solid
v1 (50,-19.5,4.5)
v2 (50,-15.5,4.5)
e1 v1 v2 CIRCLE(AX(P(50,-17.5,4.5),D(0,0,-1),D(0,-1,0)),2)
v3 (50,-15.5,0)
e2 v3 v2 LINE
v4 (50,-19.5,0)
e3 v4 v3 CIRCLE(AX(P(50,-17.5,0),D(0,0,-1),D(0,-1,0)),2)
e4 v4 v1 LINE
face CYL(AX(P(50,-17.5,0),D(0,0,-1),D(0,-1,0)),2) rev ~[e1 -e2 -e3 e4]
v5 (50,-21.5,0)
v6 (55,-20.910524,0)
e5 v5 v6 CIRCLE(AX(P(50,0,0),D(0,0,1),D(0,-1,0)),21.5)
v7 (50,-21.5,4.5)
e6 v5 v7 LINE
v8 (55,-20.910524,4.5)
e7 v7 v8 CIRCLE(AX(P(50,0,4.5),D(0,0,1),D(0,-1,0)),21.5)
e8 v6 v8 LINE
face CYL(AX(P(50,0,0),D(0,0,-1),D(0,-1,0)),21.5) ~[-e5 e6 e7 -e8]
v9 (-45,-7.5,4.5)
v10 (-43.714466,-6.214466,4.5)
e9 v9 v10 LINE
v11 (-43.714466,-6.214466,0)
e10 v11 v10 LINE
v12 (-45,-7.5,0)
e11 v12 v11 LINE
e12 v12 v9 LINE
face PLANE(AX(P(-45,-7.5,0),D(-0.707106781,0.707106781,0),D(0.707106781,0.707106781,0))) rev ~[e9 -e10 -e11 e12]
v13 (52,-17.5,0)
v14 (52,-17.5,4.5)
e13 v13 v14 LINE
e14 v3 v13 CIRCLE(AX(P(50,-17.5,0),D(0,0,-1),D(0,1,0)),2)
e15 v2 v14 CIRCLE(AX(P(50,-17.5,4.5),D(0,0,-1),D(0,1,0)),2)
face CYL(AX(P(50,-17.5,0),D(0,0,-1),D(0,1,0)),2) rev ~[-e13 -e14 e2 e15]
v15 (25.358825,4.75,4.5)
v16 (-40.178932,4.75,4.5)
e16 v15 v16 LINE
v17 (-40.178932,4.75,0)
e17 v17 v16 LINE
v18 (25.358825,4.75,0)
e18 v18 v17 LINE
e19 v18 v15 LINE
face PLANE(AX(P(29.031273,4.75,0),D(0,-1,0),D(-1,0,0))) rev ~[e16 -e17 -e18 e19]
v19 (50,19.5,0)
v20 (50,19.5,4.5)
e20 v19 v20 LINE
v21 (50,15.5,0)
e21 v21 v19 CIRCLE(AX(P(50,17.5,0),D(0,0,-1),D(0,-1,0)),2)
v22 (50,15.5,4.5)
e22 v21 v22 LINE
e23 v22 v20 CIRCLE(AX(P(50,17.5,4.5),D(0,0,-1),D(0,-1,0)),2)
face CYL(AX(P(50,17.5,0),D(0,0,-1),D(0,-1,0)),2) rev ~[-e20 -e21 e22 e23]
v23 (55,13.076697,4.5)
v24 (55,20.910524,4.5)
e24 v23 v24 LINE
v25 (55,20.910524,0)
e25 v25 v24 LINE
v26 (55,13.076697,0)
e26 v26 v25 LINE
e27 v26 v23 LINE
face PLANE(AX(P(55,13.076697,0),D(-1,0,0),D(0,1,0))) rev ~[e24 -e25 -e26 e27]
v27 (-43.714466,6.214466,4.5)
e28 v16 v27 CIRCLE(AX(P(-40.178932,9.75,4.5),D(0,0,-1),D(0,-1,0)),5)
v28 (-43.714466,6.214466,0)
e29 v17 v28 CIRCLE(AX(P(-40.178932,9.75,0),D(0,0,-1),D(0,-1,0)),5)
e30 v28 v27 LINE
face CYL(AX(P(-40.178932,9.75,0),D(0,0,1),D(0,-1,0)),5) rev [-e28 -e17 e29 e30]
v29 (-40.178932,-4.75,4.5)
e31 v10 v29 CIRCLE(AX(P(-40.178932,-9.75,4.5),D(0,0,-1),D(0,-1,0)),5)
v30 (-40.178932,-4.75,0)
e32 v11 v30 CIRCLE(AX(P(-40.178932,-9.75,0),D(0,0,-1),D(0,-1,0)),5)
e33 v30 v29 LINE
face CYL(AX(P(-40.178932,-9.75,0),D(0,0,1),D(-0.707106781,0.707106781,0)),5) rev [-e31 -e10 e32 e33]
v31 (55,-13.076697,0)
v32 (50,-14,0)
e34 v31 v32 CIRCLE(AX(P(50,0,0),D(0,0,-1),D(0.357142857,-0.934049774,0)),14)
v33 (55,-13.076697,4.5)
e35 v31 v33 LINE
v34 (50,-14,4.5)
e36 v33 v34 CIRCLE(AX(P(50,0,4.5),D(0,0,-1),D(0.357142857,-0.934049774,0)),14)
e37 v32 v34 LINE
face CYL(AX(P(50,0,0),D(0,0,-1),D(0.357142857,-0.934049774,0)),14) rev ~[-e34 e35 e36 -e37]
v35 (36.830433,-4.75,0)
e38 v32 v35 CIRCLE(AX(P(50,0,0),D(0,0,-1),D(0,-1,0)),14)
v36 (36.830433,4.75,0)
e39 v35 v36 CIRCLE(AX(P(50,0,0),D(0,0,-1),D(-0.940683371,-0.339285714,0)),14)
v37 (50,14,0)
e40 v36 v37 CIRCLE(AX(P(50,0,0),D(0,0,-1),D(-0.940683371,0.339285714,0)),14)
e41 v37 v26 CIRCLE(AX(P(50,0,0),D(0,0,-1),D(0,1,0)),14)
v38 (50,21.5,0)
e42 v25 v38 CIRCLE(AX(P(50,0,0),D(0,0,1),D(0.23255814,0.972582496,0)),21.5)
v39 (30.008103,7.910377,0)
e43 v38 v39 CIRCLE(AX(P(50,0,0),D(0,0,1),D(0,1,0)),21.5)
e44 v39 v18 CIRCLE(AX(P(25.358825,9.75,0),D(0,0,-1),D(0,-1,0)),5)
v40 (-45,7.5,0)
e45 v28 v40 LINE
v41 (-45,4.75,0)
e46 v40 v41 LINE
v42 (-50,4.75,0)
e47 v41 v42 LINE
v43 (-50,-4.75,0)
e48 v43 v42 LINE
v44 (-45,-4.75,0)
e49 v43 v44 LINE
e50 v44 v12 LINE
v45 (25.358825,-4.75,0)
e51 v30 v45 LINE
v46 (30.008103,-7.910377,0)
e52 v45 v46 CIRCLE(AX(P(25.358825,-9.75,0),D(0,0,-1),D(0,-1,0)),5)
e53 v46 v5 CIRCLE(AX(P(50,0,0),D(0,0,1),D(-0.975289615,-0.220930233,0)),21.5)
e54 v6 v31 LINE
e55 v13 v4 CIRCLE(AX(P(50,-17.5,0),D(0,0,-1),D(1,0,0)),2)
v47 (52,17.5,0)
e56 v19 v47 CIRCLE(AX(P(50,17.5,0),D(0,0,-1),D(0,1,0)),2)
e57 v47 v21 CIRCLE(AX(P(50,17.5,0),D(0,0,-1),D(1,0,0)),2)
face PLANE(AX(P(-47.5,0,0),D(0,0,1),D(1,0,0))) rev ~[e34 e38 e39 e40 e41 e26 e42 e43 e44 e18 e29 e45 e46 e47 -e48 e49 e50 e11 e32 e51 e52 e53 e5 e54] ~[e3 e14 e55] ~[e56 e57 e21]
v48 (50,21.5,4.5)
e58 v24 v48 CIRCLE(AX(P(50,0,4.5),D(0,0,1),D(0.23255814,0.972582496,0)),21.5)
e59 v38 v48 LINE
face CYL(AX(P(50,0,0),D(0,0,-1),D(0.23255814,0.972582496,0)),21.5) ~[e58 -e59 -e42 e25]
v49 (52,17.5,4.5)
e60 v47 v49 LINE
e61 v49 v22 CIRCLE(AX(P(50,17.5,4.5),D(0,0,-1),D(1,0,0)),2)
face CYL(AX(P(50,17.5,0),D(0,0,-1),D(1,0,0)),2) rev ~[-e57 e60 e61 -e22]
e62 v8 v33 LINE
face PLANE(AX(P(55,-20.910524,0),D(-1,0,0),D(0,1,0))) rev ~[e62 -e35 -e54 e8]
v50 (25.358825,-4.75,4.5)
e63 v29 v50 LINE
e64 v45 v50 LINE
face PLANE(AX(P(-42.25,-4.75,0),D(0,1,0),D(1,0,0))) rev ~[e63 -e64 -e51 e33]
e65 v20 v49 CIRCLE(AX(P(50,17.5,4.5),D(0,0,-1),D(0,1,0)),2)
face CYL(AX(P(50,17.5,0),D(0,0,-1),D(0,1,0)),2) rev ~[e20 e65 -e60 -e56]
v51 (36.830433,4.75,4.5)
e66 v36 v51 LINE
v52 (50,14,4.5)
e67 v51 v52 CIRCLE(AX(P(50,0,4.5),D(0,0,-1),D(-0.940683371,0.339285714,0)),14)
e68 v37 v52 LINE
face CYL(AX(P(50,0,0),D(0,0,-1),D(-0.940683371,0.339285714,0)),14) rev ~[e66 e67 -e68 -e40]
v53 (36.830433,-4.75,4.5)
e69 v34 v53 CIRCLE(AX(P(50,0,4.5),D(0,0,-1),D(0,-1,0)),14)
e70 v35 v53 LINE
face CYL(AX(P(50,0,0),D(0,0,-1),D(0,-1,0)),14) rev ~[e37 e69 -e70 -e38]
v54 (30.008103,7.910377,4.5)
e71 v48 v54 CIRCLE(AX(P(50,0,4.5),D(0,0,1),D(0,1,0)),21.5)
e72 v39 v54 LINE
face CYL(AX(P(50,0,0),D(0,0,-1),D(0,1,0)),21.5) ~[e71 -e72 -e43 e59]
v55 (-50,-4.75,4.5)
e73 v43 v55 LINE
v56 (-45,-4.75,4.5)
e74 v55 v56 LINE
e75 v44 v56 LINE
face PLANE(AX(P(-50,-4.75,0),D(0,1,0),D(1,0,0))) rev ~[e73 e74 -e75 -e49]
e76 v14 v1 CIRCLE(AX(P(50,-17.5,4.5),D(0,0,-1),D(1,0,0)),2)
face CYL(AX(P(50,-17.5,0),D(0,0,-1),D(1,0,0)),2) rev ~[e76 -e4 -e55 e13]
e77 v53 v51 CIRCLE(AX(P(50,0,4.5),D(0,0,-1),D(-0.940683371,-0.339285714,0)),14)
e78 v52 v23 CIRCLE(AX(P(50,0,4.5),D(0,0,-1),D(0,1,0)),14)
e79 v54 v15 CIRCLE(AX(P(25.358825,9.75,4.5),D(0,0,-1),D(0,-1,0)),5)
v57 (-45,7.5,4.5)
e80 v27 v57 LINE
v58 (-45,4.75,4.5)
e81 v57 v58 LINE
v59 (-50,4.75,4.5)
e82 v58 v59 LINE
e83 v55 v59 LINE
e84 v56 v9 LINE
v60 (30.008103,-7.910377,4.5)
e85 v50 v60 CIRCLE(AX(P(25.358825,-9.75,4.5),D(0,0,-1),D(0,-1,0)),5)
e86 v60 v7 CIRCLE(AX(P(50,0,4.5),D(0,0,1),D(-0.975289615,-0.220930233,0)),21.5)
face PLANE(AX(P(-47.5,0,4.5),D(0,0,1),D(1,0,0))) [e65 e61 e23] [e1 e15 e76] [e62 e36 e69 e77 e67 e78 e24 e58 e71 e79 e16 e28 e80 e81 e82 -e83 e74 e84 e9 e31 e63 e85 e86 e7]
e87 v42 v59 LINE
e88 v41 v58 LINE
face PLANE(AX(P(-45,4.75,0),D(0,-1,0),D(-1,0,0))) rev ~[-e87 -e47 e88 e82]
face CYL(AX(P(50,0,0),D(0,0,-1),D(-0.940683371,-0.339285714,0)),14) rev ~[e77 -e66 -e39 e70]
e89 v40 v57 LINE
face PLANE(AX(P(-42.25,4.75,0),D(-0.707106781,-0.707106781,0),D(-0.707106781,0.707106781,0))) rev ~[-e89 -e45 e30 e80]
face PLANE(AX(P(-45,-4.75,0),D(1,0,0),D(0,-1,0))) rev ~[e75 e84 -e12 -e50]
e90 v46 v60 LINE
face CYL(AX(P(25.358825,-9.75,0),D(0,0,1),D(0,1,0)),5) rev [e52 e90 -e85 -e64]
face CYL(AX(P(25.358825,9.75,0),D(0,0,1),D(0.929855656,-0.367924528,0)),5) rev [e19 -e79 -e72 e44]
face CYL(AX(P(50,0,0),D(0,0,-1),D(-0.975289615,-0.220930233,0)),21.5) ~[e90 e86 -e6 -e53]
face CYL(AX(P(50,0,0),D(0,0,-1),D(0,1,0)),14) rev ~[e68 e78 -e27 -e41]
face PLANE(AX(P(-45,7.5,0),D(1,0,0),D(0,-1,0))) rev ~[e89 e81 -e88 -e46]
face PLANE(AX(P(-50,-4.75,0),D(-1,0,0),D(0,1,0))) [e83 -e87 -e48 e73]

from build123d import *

# Parameters (mm, degrees)
F0_W     = 5
F0_H     = 9.5
F1_DEPTH = 4.5
F2_R     = 5


with BuildPart() as f1:
    # F0 (on Top) → F1 (new body)
    with BuildSketch(Plane.XY):
        with Locations((-47.5, 0)):
            Rectangle(F0_W, F0_H)
        with BuildLine():
            Line((36.8304328089, 4.75), (29.0312732862, 4.75))
            ThreePointArc((29.0312732862, 4.75), (28.5, 0), (29.0312732862, -4.75))
            Line((29.0312732862, -4.75), (36.8304328089, -4.75))
            ThreePointArc((36.8304328089, -4.75), (36, 0), (36.8304328089, 4.75))
        make_face()
        with BuildLine():
            ThreePointArc((50, 21.5), (36.5812630997, 16.7984374273), (29.0312732862, 4.75))
            Line((29.0312732862, 4.75), (36.8304328089, 4.75))
            ThreePointArc((36.8304328089, 4.75), (41.9532615303, 11.4564392374), (50, 14))
            Line((50, 14), (50, 15.5))
            ThreePointArc((50, 15.5), (48, 17.5), (50, 19.5))
            Line((50, 19.5), (50, 21.5))
        make_face()
        with BuildLine():
            Line((36.8304328089, -4.75), (29.0312732862, -4.75))
            ThreePointArc((29.0312732862, -4.75), (36.5812630997, -16.7984374273), (50, -21.5))
            Line((50, -21.5), (50, -19.5))
            ThreePointArc((50, -19.5), (48, -17.5), (50, -15.5))
            Line((50, -15.5), (50, -14))
            ThreePointArc((50, -14), (41.9532615303, -11.4564392374), (36.8304328089, -4.75))
        make_face()
        with BuildLine():
            Line((50, -19.5), (50, -21.5))
            ThreePointArc((50, -21.5), (52.5173141614, -21.3521223632), (55, -20.9105236663))
            Line((55, -20.9105236663), (55, -13.0766968306))
            ThreePointArc((55, -13.0766968306), (52.542267135, -13.7672392953), (50, -14))
            Line((50, -14), (50, -15.5))
            ThreePointArc((50, -15.5), (51.4142135624, -16.0857864376), (52, -17.5))
            ThreePointArc((52, -17.5), (51.4142135624, -18.9142135624), (50, -19.5))
        make_face()
        with BuildLine():
            ThreePointArc((55, 20.9105236663), (52.5173141614, 21.3521223632), (50, 21.5))
            Line((50, 21.5), (50, 19.5))
            ThreePointArc((50, 19.5), (51.4142135624, 18.9142135624), (52, 17.5))
            ThreePointArc((52, 17.5), (51.4142135624, 16.0857864376), (50, 15.5))
            Line((50, 15.5), (50, 14))
            ThreePointArc((50, 14), (52.542267135, 13.7672392953), (55, 13.0766968306))
            Line((55, 13.0766968306), (55, 20.9105236663))
        make_face()
        with BuildLine():
            Line((29.0312732862, 4.75), (-42.25, 4.75))
            Line((-42.25, 4.75), (-37.5, 0))
            Line((-37.5, 0), (-42.25, -4.75))
            Line((-42.25, -4.75), (29.0312732862, -4.75))
            ThreePointArc((29.0312732862, -4.75), (28.5, 0), (29.0312732862, 4.75))
        make_face()
        Polygon((-42.25, 4.75), (-45, 4.75), (-45, -4.75), (-42.25, -4.75), (-37.5, 0), align=None)
        Polygon((-45, 7.5), (-45, 4.75), (-42.25, 4.75), align=None)
        Polygon((-42.25, -4.75), (-45, -4.75), (-45, -7.5), align=None)
    extrude(amount=F1_DEPTH)

    # F2
    f2_edges = [f1.edges().sort_by_distance(p)[0] for p in [
        (29.031273, -4.75, 2.25),
        (29.031273, 4.75, 2.25),
        (-42.25, -4.75, 2.25),
        (-42.25, 4.75, 2.25),
    ]]
    fillet(f2_edges, radius=F2_R)


solid = f1.part
